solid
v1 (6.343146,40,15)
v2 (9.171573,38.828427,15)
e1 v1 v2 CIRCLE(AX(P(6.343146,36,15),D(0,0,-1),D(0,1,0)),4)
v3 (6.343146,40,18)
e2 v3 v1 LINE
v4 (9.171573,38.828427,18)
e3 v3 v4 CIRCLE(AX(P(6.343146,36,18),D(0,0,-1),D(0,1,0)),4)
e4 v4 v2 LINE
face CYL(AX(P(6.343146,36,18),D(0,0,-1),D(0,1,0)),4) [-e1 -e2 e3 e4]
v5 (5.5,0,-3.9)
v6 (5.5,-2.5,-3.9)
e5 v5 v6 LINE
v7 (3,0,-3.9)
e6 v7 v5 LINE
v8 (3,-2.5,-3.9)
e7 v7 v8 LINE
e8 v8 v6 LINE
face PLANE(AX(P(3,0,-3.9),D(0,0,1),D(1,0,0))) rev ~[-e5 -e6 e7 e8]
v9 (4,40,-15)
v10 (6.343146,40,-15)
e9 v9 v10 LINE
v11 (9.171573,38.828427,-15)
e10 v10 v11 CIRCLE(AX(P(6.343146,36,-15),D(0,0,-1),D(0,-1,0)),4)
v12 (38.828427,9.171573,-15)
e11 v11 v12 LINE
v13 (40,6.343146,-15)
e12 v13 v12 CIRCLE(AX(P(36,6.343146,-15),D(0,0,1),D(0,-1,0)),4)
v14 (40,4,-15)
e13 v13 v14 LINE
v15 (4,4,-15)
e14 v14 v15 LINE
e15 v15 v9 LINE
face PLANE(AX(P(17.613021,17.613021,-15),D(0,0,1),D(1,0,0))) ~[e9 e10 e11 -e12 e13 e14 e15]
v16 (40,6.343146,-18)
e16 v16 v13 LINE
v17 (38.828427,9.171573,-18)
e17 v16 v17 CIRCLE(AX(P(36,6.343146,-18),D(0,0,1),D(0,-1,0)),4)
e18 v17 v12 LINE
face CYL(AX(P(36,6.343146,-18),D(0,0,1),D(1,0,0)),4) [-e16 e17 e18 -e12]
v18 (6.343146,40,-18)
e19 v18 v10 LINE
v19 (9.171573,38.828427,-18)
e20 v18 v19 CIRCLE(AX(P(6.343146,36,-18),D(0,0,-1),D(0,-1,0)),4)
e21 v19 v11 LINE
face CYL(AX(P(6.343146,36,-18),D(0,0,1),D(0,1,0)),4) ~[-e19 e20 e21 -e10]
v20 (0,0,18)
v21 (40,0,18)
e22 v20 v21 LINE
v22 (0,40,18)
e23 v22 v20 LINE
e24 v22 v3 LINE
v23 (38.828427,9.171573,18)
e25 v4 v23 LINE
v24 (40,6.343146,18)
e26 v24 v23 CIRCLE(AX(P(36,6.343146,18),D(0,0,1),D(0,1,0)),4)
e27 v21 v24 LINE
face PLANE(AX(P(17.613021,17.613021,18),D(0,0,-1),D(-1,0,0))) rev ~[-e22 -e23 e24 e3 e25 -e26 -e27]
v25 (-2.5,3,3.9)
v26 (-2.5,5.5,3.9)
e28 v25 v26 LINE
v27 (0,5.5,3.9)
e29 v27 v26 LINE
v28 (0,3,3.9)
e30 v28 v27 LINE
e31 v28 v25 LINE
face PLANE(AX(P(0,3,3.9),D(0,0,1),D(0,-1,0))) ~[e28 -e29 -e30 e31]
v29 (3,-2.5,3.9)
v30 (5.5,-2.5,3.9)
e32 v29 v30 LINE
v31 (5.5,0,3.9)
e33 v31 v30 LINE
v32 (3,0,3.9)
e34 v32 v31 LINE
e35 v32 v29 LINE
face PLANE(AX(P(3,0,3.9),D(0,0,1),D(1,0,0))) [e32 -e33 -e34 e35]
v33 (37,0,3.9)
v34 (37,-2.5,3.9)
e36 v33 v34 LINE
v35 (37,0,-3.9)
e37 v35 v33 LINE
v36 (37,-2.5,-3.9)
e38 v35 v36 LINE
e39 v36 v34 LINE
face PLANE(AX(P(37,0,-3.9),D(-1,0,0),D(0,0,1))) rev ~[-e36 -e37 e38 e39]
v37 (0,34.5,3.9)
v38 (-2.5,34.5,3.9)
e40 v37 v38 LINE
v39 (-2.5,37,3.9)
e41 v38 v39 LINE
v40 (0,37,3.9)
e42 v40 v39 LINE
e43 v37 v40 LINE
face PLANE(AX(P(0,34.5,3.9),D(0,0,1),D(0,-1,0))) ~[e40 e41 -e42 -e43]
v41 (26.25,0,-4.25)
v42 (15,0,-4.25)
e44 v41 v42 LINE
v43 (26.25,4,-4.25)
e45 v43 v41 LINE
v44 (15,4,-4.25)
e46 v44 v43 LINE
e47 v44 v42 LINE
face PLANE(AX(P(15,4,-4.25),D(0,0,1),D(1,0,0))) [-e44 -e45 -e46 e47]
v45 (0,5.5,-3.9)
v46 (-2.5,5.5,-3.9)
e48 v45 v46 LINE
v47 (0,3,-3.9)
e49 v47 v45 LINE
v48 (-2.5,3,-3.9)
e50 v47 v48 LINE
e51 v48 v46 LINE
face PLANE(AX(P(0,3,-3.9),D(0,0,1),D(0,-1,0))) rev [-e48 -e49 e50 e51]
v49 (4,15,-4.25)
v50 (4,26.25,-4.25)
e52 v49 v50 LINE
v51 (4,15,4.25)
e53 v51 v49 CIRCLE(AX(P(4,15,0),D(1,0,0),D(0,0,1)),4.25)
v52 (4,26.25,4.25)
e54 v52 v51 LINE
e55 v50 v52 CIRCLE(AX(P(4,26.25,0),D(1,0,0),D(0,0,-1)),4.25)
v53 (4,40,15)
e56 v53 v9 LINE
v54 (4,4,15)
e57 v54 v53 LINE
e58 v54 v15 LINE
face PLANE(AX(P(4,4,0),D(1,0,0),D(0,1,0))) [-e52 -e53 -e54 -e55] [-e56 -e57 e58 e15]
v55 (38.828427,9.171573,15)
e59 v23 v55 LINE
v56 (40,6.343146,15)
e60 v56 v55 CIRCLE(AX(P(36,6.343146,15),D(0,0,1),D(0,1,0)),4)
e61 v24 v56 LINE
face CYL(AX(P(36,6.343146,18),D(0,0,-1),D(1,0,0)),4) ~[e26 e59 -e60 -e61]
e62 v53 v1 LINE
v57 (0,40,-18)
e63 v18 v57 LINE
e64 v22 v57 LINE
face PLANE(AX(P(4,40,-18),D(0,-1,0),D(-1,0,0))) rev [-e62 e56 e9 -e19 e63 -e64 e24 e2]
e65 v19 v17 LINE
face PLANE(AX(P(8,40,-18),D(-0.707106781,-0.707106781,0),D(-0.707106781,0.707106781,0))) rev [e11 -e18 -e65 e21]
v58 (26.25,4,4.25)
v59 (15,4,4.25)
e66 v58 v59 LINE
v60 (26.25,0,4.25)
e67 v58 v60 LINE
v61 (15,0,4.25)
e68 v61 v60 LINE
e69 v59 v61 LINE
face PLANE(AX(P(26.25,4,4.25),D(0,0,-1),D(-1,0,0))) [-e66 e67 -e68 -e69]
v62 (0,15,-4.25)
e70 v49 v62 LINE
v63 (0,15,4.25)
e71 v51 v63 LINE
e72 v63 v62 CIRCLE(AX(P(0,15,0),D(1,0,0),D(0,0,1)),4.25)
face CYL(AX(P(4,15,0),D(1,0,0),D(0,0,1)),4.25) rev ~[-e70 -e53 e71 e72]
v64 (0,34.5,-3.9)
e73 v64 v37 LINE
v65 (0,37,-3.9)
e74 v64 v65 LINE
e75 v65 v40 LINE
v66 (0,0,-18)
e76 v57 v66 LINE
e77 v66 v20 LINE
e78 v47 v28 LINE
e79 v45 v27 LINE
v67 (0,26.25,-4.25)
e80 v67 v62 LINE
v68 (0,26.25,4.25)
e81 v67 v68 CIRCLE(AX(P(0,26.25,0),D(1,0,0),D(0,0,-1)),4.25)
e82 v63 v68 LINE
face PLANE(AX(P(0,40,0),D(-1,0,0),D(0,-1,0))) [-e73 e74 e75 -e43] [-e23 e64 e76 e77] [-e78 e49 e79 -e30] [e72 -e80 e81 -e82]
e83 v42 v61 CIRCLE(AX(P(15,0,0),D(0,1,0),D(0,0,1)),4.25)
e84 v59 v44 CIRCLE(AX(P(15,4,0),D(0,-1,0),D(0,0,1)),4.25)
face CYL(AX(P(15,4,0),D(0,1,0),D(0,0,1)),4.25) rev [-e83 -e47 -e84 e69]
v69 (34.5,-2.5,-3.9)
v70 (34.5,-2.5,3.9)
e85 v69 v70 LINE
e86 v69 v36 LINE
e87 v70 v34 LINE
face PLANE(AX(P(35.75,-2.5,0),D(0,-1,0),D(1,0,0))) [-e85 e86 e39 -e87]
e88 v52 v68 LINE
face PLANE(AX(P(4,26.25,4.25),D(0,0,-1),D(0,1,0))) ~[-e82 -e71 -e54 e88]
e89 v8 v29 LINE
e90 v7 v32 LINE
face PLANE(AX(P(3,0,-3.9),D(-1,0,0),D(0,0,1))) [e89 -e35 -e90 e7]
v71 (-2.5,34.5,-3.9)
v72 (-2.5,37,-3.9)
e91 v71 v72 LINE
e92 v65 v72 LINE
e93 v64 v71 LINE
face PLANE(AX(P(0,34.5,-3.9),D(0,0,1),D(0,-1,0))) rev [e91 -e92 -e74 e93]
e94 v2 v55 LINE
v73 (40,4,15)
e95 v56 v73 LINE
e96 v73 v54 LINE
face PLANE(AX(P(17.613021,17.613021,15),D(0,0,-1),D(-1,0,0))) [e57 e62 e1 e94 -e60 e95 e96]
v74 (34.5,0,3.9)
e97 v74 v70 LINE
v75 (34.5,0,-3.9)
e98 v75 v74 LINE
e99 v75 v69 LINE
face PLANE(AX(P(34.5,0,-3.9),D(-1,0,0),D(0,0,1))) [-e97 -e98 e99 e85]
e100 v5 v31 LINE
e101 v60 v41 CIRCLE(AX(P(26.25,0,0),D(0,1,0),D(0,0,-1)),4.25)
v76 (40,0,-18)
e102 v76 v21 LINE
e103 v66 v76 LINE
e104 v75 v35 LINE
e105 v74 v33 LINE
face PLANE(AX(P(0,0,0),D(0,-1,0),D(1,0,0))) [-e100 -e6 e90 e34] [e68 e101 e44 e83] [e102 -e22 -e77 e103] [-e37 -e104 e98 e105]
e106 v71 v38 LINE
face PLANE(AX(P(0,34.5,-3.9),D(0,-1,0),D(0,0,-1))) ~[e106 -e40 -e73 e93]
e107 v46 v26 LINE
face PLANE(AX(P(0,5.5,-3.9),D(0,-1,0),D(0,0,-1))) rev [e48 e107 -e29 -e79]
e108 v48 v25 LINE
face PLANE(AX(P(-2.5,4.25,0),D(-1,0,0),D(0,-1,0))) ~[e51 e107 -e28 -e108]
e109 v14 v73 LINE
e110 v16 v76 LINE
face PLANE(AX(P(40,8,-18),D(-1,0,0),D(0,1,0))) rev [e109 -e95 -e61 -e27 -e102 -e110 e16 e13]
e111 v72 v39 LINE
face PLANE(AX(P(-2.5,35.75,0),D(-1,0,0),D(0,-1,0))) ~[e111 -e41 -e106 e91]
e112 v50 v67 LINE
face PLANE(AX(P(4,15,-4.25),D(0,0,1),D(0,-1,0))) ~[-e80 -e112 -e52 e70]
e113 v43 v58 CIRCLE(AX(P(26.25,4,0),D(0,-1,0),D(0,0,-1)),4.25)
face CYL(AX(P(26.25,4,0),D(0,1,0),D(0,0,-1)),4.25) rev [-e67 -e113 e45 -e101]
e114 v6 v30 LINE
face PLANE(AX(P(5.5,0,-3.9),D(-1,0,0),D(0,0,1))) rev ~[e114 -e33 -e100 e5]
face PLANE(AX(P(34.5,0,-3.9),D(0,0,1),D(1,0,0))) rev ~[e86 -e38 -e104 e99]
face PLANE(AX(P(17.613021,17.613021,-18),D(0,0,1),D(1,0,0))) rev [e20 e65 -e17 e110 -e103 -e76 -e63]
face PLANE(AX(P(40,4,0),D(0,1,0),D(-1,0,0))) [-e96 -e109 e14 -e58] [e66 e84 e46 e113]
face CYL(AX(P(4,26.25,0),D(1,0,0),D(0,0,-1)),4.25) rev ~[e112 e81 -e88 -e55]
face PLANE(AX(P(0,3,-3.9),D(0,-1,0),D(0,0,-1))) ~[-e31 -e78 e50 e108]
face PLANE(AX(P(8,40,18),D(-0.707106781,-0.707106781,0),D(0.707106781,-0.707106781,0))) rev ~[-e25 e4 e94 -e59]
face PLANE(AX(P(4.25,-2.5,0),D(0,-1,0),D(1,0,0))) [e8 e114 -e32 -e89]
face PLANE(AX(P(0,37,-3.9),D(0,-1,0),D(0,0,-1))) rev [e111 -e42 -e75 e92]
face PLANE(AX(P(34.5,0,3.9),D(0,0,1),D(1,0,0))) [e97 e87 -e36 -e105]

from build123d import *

# Parameters (mm, degrees)
EXTRUDE_1_DEPTH        = 18
EXTRUDE_2_DEPTH        = 3
FILLET_1_R             = 4
FILLET_1_OF_MIRROR_2_R = 4
CUT_EXTRUDE_1_DEPTH    = 5
SKETCH_4_W             = 2.5
SKETCH_4_H             = 7.8
EXTRUDE_3_DEPTH        = 2.5


with BuildPart() as part:
    # Эскиз1 → Бобышка-Вытянуть1 (new body, symmetric)
    with BuildSketch(Plane.XY):
        Polygon((0, 40), (0, 0), (40, 0), (40, 4), (4, 4), (4, 40), align=None)
    extrude(amount=EXTRUDE_1_DEPTH, both=True)

    # Эскиз2 → Бобышка-Вытянуть2 (add)
    with BuildSketch(Plane.XY.offset(18)):
        Polygon((40, 4), (4, 4), (4, 40), (8, 40), (40, 8), align=None)
    extrude_2 = extrude(amount=-EXTRUDE_2_DEPTH)

    # Скругление1
    fillet_1_edges = [part.edges().sort_by_distance(p)[0] for p in [
        (8, 40, 16.5),
        (40, 8, 16.5),
    ]]
    fillet(fillet_1_edges, radius=FILLET_1_R)

    # Зеркальное отражение2: Бобышка-Вытянуть2 across plane
    add(extrude_2.mirror(Plane.XY))

    # Скругление1 of Зеркальное отражение2
    fillet_1_of_mirror_2_edges = [part.edges().sort_by_distance(p)[0] for p in [
        (8, 40, -16.5),
        (40, 8, -16.5),
    ]]
    fillet(fillet_1_of_mirror_2_edges, radius=FILLET_1_OF_MIRROR_2_R)

    # Эскиз3 → Вырез-Вытянуть1 (cut, through all)
    with BuildSketch(Plane(origin=(0, 4, 0), x_dir=(1, 0, 0), z_dir=(0, 1, 0))):
        with BuildLine():
            Line((15, 4.25), (26.25, 4.25))
            ThreePointArc((26.25, 4.25), (30.5, 0), (26.25, -4.25))
            Line((26.25, -4.25), (15, -4.25))
            ThreePointArc((15, -4.25), (10.75, 0), (15, 4.25))
        make_face()
    cut_extrude_1 = extrude(amount=-CUT_EXTRUDE_1_DEPTH, mode=Mode.SUBTRACT)

    # Эскиз4 → Бобышка-Вытянуть3 (add)
    with BuildSketch(Plane.XZ):
        with Locations((4.25, 0)):
            Rectangle(SKETCH_4_W, SKETCH_4_H)
        with Locations((35.75, 0)):
            Rectangle(SKETCH_4_W, SKETCH_4_H)
    extrude_3 = extrude(amount=EXTRUDE_3_DEPTH)

    # Зеркальное отражение3: Вырез-Вытянуть1, Бобышка-Вытянуть3 across plane
    add(cut_extrude_1.mirror(Plane(origin=(0, 0, 0), x_dir=(0, 0, 1), z_dir=(-0.707106781, 0.707106781, 0))), mode=Mode.SUBTRACT)
    add(extrude_3.mirror(Plane(origin=(0, 0, 0), x_dir=(0, 0, 1), z_dir=(-0.707106781, 0.707106781, 0))))


solid = part.part
